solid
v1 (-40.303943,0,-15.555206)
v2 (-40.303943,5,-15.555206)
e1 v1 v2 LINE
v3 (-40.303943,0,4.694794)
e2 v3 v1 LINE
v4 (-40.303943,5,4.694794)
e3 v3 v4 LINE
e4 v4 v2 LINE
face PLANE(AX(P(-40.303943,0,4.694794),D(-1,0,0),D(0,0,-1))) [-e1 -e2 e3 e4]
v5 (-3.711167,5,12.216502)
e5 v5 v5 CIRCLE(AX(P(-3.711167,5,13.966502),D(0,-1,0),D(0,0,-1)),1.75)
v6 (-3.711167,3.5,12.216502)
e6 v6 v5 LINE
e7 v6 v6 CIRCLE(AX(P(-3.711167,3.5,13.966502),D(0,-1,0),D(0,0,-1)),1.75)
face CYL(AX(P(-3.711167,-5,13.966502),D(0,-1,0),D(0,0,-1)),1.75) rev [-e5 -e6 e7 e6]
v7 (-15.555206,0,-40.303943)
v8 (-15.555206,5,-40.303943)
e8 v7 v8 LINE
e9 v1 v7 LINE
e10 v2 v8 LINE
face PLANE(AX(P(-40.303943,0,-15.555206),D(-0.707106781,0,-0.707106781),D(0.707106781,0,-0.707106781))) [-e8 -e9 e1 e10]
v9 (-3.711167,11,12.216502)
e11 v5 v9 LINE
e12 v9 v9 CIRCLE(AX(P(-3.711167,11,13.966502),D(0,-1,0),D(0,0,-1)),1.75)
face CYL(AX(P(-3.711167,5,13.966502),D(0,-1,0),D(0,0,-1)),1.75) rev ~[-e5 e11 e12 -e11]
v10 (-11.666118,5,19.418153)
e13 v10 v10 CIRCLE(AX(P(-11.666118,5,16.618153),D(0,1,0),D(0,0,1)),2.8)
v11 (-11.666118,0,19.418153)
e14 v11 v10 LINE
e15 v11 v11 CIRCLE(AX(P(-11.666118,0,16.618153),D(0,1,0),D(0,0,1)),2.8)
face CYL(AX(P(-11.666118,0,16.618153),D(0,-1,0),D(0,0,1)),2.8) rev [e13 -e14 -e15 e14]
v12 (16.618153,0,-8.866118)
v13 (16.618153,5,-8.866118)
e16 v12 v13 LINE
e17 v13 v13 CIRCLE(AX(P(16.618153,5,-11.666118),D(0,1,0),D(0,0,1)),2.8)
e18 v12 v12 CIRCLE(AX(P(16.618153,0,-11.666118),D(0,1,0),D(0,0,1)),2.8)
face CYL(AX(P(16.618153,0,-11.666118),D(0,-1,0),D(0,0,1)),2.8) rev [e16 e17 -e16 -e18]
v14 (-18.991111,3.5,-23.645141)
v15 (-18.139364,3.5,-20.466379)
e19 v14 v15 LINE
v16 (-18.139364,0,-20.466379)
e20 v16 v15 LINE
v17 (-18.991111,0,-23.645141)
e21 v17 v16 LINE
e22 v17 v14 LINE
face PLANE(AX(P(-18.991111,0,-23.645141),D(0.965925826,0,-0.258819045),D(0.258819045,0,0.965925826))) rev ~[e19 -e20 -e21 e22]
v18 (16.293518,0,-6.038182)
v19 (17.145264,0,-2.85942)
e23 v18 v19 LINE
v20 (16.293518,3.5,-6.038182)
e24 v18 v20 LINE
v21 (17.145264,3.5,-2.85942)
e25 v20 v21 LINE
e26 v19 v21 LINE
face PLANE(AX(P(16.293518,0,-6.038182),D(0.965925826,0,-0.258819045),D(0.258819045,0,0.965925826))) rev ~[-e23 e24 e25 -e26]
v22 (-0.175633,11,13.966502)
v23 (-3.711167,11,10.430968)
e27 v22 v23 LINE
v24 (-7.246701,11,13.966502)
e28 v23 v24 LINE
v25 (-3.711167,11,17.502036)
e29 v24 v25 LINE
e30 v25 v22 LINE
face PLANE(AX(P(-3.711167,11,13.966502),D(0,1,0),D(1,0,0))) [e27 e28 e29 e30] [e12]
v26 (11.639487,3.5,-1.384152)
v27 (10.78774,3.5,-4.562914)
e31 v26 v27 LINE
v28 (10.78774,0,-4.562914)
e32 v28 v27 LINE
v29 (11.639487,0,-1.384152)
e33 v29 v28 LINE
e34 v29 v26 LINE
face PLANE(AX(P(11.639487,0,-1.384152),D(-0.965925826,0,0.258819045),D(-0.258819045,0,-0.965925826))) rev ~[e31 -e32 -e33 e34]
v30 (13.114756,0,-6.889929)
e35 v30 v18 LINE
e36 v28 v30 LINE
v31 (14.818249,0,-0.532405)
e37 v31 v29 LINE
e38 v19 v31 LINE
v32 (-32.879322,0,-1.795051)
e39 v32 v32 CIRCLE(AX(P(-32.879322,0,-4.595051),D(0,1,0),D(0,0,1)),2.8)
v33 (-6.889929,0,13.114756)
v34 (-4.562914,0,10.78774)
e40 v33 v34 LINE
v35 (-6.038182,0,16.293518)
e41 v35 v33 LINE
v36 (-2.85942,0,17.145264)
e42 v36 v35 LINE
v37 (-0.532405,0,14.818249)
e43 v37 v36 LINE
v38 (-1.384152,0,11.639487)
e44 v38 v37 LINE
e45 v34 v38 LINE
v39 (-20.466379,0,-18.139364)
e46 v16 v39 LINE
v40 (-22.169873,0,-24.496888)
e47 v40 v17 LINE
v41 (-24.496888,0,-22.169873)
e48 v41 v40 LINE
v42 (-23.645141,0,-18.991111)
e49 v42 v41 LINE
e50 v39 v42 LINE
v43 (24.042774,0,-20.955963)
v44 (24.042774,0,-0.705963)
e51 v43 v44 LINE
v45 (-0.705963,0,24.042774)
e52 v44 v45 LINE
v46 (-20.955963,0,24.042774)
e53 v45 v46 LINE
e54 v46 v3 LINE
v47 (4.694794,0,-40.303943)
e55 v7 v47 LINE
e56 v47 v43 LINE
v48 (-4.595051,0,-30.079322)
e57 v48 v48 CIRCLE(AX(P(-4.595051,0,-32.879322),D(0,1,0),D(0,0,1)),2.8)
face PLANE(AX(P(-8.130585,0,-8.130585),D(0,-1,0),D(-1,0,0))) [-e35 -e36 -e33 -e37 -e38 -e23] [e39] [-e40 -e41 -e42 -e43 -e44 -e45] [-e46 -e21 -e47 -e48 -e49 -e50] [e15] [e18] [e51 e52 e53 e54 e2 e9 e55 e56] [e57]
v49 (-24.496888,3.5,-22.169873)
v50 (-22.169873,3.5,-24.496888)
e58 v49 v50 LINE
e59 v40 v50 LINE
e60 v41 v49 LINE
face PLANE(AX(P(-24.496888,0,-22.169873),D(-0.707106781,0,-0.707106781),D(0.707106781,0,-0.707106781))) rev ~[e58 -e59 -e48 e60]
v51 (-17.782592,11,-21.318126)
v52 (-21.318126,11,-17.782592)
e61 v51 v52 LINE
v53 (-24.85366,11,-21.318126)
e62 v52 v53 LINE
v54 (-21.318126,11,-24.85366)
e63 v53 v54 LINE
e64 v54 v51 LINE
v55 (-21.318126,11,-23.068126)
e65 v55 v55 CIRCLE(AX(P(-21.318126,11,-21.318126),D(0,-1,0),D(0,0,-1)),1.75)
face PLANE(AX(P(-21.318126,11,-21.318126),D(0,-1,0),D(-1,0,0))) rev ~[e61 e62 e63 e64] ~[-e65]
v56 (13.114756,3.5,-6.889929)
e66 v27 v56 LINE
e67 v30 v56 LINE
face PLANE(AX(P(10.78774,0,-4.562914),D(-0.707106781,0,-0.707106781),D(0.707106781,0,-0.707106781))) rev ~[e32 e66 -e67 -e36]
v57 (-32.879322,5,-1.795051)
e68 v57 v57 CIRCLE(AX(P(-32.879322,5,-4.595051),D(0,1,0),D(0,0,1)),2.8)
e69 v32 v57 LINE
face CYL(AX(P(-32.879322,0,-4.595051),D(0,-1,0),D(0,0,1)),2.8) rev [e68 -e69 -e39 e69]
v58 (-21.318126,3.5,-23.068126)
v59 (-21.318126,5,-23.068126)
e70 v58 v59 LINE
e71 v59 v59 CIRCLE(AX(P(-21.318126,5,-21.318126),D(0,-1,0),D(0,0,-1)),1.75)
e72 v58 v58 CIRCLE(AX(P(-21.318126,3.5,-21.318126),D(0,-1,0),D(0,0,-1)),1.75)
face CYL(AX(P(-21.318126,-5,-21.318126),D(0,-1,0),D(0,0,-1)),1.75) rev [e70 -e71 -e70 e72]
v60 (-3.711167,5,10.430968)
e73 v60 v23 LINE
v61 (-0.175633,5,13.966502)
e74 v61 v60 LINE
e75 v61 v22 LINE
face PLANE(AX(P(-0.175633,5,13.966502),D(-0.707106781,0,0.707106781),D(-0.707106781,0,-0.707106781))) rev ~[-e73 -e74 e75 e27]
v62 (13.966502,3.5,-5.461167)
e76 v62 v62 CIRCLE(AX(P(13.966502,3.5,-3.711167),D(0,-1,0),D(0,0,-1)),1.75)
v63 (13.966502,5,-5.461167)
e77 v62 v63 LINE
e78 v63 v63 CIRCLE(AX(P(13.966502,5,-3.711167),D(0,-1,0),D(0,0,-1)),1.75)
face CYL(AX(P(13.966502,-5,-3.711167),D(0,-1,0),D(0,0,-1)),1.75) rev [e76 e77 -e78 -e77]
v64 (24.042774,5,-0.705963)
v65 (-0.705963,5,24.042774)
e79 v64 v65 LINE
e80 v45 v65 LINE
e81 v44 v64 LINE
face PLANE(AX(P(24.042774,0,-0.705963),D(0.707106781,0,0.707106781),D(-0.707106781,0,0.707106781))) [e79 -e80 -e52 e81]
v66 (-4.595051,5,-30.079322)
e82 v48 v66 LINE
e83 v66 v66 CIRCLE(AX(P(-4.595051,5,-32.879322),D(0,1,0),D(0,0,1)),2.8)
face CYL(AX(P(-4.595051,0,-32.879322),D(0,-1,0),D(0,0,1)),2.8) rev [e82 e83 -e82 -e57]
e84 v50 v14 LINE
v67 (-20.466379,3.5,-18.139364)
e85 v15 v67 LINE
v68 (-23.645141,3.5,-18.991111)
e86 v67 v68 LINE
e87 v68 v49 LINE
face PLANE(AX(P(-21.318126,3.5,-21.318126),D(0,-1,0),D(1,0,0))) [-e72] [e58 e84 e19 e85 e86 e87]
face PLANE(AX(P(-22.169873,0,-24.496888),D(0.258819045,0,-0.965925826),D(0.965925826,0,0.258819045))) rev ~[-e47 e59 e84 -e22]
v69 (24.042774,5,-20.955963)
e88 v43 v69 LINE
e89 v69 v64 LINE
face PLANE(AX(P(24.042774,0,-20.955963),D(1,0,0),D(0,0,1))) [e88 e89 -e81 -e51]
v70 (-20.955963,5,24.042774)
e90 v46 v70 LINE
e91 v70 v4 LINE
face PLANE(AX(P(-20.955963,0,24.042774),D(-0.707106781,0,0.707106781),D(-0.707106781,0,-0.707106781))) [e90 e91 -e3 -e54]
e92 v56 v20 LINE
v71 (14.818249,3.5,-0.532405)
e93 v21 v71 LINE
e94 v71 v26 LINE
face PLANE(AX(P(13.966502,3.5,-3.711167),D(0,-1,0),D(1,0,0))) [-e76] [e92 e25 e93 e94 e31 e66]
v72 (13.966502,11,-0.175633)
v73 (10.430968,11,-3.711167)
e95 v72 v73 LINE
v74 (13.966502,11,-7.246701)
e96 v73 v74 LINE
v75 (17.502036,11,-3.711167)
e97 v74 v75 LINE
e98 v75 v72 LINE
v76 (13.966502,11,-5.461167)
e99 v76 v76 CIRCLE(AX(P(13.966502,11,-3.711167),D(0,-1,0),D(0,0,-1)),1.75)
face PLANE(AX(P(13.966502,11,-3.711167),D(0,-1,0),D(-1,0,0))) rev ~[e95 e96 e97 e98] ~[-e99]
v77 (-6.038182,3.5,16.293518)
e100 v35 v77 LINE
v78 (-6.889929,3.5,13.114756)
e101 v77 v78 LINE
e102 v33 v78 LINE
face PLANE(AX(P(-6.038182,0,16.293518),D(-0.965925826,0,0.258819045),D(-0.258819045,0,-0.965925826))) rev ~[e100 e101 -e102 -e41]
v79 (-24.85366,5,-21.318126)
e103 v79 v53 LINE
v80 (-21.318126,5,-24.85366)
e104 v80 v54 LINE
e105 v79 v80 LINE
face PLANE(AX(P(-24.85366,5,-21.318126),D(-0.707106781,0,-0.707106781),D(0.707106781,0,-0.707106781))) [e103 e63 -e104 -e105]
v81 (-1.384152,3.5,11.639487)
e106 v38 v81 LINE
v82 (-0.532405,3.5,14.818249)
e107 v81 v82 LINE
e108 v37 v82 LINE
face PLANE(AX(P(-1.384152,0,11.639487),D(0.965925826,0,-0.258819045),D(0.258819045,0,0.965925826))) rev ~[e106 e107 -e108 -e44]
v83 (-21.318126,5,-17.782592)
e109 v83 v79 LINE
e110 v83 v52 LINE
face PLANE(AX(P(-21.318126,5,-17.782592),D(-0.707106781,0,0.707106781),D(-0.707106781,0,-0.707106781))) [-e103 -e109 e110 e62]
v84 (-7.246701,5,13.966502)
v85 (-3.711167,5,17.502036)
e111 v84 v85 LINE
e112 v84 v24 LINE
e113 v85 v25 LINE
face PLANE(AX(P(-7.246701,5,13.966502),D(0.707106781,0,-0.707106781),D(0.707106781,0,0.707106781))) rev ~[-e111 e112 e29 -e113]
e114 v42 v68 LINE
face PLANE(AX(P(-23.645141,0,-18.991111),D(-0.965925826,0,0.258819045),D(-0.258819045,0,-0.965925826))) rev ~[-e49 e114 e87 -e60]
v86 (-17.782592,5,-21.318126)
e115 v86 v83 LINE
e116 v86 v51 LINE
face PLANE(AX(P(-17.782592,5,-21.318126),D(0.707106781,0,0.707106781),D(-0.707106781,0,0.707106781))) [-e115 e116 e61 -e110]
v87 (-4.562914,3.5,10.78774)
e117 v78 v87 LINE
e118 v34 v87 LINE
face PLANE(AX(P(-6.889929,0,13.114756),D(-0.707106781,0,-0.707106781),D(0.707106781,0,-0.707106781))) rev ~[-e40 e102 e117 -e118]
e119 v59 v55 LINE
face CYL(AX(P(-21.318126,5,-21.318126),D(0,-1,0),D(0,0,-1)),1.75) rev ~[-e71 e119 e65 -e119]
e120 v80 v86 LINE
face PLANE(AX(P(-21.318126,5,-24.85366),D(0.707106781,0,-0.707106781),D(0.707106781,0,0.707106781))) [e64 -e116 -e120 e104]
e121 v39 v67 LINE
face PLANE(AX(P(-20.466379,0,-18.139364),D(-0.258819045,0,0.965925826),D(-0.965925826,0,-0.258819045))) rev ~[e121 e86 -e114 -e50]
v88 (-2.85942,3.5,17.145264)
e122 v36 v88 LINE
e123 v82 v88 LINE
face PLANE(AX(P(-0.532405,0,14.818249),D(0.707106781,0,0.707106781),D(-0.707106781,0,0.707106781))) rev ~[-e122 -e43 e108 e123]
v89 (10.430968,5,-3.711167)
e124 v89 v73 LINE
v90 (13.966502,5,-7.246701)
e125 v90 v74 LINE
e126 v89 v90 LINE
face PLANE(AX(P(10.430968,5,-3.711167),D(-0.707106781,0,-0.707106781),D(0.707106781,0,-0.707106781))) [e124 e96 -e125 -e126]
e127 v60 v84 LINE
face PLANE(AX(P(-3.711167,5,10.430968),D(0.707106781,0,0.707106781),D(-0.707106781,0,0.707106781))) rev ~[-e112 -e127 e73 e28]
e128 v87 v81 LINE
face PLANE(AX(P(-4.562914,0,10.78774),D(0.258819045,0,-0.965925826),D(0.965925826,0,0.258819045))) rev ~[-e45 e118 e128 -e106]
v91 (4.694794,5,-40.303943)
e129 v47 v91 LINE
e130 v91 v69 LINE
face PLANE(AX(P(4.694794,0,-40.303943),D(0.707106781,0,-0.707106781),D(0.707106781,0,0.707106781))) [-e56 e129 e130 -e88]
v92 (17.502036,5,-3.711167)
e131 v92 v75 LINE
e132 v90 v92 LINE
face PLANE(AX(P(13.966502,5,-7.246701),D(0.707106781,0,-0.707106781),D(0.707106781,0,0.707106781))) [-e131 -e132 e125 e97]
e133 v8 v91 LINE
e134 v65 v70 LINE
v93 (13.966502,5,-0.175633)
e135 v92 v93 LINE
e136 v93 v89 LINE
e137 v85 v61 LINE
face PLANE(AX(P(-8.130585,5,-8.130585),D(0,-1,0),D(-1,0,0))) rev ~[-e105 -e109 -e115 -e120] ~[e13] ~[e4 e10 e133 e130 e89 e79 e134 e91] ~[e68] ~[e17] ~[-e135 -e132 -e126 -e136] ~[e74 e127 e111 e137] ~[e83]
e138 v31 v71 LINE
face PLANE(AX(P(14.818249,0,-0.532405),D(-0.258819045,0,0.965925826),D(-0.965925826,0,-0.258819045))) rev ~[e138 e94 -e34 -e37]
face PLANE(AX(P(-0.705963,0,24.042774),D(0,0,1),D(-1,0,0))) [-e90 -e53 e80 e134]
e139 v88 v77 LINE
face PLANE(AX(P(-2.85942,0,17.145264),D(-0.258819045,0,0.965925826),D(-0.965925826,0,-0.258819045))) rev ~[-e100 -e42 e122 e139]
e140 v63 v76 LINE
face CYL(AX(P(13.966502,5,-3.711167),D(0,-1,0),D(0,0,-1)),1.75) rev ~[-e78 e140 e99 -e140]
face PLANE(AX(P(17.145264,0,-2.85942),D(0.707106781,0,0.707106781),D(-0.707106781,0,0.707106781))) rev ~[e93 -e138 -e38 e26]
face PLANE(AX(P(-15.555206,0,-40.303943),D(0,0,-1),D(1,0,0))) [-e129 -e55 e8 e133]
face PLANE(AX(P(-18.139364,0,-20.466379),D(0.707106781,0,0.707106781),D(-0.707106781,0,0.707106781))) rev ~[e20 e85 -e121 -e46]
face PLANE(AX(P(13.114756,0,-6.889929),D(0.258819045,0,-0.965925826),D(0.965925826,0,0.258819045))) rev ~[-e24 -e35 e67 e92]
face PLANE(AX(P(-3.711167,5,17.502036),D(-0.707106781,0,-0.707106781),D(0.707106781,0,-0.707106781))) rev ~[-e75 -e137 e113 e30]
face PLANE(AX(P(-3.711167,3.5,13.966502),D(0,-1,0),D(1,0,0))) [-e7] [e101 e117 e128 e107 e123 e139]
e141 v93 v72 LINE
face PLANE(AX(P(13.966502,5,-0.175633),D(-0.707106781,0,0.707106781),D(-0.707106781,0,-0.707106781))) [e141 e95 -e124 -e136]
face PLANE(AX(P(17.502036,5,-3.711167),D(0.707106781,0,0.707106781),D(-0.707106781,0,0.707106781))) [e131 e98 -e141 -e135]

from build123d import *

# Parameters (mm, degrees)
SKETCH1_R               = 2.8
BOSS_EXTRUDE1_DEPTH     = 5
CUT_EXTRUDE1_DEPTH      = 16
CUT_EXTRUDE1_DEPTH_BACK = 10
SKETCH2_R               = 1.75
CUT_EXTRUDE2_DEPTH      = 3.5
BOSS_EXTRUDE2_DEPTH     = 6
SKETCH5_R               = 1.75
CUT_EXTRUDE3_DEPTH      = 58.313311378


with BuildPart() as part:
    # Sketch1 → Boss-Extrude1 (new body)
    with BuildSketch(Plane(origin=(0, 0, 0), x_dir=(1, 0, 0), z_dir=(0, 1, 0))):
        Polygon((-40.303943114, 15.555205773), (-15.555205773, 40.303943114), (4.694794227, 40.303943114), (24.042773974, 20.955963368), (24.042773974, 0.705963368), (-0.705963368, -24.042773974), (-20.955963368, -24.042773974), (-40.303943114, -4.694794227), align=None)
        with Locations(Location((-11.666118476, -16.618152771, 0), (0, 0, 270))):
            Circle(SKETCH1_R, mode=Mode.SUBTRACT)
        with Locations(Location((16.618152771, 11.666118476, 0), (0, 0, 270))):
            Circle(SKETCH1_R, mode=Mode.SUBTRACT)
        with Locations(Location((-4.595050664, 32.879321912, 0), (0, 0, 270))):
            Circle(SKETCH1_R, mode=Mode.SUBTRACT)
        with Locations(Location((-32.879321912, 4.595050664, 0), (0, 0, 270))):
            Circle(SKETCH1_R, mode=Mode.SUBTRACT)
    extrude(amount=BOSS_EXTRUDE1_DEPTH)

    # Sketch2 → Cut-Extrude1 (cut, two sides: drawn at the far end of the back side and taken through both)
    with BuildSketch(Plane(origin=(0, 5, 0), x_dir=(1, 0, 0), z_dir=(0, 1, 0)).offset(-CUT_EXTRUDE1_DEPTH_BACK)):
        with Locations(Location((13.966502342, 3.711167188, 0), (0, 0, 90))):
            Circle(SKETCH2_R)
        with Locations(Location((-3.711167188, -13.966502342, 0), (0, 0, 90))):
            Circle(SKETCH2_R)
        with Locations(Location((-21.31812604, 21.31812604, 0), (0, 0, 90))):
            Circle(SKETCH2_R)
    extrude(amount=CUT_EXTRUDE1_DEPTH + CUT_EXTRUDE1_DEPTH_BACK, mode=Mode.SUBTRACT)

    # Sketch3 → Cut-Extrude2 (cut)
    with BuildSketch(Plane.XZ):
        Polygon((-4.562913887, 10.787740387), (-1.384151932, 11.639487086), (-0.532405234, 14.81824904), (-2.859420489, 17.145264296), (-6.038182444, 16.293517597), (-6.889929142, 13.114755643), align=None)
        Polygon((10.787740387, -4.562913887), (13.114755643, -6.889929142), (16.293517597, -6.038182444), (17.145264296, -2.859420489), (14.81824904, -0.532405234), (11.639487086, -1.384151932), align=None)
        Polygon((-22.169872738, -24.496887994), (-18.991110784, -23.645141295), (-18.139364085, -20.466379341), (-20.466379341, -18.139364085), (-23.645141295, -18.991110784), (-24.496887994, -22.169872738), align=None)
    extrude(amount=-CUT_EXTRUDE2_DEPTH, mode=Mode.SUBTRACT)

    # Sketch4 → Boss-Extrude2 (add)
    with BuildSketch(Plane(origin=(0, 5, 0), x_dir=(1, 0, 0), z_dir=(0, 1, 0))):
        Polygon((-7.246701094, -13.966502342), (-3.711167188, -17.502036248), (-0.175633282, -13.966502342), (-3.711167188, -10.430968436), align=None)
        Polygon((-21.31812604, 17.782592134), (-24.853659945, 21.31812604), (-21.31812604, 24.853659945), (-17.782592134, 21.31812604), align=None)
        Polygon((10.430968436, 3.711167188), (13.966502342, 7.246701094), (17.502036248, 3.711167188), (13.966502342, 0.175633282), align=None)
    extrude(amount=BOSS_EXTRUDE2_DEPTH)

    # Sketch5 → Cut-Extrude3 (cut, through all)
    with BuildSketch(Plane.XZ.offset(-5)):
        with Locations(Location((-21.31812604, -21.31812604, 0), (0, 0, 270))):
            Circle(SKETCH5_R)
        with Locations(Location((-3.711167188, 13.966502342, 0), (0, 0, 270))):
            Circle(SKETCH5_R)
        with Locations(Location((13.966502342, -3.711167188, 0), (0, 0, 270))):
            Circle(SKETCH5_R)
    extrude(amount=-CUT_EXTRUDE3_DEPTH, mode=Mode.SUBTRACT)


solid = part.part
